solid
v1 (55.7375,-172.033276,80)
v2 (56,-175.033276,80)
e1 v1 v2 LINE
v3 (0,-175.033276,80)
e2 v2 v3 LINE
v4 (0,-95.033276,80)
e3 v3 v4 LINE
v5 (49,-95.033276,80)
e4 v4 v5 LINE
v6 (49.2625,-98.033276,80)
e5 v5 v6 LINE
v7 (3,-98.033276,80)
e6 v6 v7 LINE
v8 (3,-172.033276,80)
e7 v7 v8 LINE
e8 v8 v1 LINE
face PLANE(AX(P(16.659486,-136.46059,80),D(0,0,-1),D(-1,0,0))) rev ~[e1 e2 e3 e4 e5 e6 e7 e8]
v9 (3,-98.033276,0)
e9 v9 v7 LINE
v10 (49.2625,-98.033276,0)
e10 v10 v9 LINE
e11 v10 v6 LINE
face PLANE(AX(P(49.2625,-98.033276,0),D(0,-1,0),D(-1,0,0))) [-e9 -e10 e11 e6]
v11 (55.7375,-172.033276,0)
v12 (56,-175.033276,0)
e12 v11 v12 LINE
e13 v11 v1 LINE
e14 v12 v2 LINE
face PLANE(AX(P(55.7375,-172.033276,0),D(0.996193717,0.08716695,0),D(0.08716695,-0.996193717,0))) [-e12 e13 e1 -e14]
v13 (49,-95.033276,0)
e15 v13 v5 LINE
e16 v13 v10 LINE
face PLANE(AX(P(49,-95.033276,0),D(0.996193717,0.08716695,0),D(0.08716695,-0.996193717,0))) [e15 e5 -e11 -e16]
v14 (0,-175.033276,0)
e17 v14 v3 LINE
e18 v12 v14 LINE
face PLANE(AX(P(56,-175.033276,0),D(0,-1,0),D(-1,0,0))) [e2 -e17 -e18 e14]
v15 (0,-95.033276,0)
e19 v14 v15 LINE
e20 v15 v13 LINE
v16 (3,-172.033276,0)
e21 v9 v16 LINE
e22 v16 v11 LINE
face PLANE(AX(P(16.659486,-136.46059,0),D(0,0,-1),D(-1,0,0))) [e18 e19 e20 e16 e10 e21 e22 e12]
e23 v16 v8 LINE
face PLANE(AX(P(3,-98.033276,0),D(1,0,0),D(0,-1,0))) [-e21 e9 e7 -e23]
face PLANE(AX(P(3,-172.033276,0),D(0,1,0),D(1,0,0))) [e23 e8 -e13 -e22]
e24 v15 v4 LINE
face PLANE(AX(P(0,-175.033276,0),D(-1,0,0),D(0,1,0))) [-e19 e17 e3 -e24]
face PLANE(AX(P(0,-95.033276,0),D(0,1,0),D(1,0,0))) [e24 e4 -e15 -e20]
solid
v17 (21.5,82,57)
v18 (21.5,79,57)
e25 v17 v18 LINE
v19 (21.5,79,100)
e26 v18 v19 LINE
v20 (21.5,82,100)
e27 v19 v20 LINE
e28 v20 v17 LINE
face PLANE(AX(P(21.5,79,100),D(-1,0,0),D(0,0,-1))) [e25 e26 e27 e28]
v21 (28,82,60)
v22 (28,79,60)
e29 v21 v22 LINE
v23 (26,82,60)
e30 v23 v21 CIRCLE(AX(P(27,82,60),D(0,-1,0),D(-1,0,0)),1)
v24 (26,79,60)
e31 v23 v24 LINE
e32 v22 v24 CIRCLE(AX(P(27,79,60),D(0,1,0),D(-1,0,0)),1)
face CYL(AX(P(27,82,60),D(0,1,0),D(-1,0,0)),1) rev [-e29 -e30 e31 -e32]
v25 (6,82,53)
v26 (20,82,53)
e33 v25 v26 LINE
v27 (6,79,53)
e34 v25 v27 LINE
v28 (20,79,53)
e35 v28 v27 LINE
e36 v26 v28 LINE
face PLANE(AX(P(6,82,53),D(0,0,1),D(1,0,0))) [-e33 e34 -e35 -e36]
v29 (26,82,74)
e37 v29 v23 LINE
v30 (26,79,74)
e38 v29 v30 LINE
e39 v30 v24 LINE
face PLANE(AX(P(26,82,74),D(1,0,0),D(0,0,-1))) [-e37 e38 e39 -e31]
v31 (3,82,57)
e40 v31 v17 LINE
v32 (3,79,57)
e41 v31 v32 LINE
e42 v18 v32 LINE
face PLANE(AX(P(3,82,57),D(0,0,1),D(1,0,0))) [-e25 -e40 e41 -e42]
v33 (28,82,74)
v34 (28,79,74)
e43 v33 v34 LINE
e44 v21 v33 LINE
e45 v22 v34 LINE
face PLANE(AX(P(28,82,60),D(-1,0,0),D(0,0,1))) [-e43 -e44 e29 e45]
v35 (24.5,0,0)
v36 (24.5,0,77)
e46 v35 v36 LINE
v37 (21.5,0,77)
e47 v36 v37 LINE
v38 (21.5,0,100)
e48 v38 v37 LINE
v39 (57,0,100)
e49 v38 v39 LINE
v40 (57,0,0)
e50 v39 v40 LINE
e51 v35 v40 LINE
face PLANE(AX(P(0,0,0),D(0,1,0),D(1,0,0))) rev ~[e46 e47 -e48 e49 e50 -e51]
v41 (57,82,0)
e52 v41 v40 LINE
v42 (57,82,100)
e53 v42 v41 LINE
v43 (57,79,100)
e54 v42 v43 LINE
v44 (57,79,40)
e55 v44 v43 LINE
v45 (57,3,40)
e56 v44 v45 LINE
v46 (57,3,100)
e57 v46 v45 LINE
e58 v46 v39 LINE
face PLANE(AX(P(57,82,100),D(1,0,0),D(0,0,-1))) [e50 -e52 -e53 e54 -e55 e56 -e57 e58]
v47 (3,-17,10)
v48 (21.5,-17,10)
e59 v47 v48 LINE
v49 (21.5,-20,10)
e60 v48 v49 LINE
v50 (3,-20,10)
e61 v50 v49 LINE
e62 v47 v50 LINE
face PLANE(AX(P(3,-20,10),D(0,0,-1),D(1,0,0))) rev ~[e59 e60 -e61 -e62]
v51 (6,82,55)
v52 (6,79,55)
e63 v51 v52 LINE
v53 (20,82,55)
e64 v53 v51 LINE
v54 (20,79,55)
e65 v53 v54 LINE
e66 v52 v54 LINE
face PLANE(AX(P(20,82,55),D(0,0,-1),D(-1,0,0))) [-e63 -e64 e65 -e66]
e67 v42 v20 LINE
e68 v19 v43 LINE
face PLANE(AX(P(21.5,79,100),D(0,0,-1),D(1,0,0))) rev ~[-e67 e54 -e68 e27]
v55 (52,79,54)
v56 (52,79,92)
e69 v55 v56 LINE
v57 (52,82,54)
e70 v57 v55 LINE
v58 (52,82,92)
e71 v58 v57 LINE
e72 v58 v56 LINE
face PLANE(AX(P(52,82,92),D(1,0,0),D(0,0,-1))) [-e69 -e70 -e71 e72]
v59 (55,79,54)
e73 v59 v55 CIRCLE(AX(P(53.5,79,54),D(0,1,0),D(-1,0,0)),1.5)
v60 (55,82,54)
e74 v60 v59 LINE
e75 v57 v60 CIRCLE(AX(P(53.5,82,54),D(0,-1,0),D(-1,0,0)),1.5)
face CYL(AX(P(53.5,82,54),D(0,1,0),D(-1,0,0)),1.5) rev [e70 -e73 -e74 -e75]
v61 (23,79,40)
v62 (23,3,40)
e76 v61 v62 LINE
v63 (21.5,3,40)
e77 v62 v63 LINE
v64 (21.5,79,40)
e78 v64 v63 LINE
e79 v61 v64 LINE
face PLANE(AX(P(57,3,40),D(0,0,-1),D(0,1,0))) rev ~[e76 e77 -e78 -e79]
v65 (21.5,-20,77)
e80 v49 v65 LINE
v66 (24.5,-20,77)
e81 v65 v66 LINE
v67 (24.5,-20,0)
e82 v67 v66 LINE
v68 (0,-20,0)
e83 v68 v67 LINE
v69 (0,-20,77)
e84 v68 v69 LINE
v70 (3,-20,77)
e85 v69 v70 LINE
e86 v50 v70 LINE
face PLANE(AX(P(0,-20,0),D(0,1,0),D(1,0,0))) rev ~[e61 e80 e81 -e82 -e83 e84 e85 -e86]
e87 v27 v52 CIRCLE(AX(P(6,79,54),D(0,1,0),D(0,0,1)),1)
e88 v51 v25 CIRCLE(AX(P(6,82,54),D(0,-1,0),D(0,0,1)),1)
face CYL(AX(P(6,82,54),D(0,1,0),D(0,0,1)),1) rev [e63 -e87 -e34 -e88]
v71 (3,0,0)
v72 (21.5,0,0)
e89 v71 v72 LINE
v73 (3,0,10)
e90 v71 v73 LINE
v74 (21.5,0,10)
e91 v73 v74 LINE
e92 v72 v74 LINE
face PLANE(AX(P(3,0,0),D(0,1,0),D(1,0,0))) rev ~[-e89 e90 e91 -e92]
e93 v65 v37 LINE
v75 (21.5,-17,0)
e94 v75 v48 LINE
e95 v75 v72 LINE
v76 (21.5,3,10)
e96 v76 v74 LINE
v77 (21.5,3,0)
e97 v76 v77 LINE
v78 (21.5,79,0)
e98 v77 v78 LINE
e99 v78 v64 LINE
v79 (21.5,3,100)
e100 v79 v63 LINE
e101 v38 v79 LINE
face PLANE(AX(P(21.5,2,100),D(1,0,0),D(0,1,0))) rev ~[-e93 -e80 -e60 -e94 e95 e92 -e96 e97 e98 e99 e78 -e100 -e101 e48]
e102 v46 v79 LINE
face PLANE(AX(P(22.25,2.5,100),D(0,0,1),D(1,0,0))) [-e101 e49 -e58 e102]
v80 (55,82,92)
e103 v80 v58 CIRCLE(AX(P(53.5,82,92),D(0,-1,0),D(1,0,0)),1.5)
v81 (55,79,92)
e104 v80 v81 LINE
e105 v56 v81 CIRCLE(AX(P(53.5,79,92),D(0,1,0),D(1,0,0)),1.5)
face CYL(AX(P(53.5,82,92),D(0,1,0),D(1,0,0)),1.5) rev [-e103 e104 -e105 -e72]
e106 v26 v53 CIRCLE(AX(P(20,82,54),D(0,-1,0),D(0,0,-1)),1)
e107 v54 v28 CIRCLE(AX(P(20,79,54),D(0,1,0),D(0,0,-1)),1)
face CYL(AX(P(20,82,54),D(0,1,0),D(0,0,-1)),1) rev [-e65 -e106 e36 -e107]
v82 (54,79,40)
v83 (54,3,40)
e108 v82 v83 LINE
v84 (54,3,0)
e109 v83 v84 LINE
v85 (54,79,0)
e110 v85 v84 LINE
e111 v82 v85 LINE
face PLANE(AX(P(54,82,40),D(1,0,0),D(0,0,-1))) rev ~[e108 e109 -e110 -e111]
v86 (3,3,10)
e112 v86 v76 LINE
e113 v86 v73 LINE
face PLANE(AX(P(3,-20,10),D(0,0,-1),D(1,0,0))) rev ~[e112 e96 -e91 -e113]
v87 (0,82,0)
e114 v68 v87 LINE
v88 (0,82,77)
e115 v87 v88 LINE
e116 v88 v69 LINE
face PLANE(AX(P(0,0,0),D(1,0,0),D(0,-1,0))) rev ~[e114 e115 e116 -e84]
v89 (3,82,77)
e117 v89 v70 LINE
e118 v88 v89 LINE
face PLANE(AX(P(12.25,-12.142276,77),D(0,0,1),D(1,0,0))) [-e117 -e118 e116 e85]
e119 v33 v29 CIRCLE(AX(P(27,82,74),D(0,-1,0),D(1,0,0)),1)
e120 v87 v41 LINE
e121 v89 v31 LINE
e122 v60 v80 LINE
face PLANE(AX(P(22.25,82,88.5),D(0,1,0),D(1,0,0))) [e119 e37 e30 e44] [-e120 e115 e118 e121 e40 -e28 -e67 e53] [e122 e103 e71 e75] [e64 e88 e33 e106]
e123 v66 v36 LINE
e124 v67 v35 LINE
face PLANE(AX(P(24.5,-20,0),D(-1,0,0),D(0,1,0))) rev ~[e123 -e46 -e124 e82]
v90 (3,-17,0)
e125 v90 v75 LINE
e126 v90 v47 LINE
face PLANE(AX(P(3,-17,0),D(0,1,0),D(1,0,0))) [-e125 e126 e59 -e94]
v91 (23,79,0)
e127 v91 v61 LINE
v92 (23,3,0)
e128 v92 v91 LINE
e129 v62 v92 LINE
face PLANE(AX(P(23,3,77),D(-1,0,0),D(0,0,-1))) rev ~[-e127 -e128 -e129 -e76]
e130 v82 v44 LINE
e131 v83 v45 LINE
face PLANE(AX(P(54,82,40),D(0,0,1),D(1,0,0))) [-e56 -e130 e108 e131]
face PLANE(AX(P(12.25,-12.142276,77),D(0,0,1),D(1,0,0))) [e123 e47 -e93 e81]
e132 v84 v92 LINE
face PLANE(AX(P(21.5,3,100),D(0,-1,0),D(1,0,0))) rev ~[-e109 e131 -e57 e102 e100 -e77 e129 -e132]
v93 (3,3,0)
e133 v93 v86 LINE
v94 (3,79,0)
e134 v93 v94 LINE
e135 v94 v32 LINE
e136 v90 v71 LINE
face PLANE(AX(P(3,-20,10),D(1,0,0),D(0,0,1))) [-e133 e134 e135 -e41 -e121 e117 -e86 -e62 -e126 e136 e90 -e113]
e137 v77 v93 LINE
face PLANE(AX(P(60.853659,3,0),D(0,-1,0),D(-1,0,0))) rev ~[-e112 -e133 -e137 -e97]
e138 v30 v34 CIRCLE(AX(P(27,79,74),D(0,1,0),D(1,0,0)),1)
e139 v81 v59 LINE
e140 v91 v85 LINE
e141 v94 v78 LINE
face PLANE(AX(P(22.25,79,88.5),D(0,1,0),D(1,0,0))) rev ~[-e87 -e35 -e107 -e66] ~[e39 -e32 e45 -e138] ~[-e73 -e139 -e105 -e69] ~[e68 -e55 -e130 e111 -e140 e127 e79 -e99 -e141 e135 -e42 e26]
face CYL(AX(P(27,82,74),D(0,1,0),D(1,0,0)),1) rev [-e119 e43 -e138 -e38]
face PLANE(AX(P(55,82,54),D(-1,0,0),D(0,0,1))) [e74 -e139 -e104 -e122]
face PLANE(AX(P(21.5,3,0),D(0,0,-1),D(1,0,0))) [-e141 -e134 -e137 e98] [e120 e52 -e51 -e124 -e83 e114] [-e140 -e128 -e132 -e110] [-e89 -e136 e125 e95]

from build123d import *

# Parameters (mm, degrees)
EXTRUDE_1_DEPTH      = 100
EXTRUDE_2_DEPTH      = 80
SKETCH_4_W           = 23
SKETCH_4_H           = 23
CUT_EXTRUDE_5_DEPTH  = 80
EXTRUDE_4_DEPTH      = 77
SKETCH_7_W           = 18.5
SKETCH_7_H           = 98.970851358
CUT_EXTRUDE_8_DEPTH  = 50
SKETCH_5_W           = 4
SKETCH_5_H           = 100
CUT_EXTRUDE_9_DEPTH  = 105
SKETCH_8_W           = 20
SKETCH_8_H           = 20
CUT_EXTRUDE_11_DEPTH = 14
SKETCH_12_W          = 3
SKETCH_12_H          = 40
EXTRUDE_8_DEPTH      = 79
SKETCH_14_W          = 1.5
SKETCH_14_H          = 77
EXTRUDE_11_DEPTH     = 79
SKETCH_15_W          = 37
SKETCH_15_H          = 76
CUT_EXTRUDE_12_DEPTH = 46
SKETCH_16_W          = 21.5
SKETCH_16_H          = 23
CUT_EXTRUDE_13_DEPTH = 10
SKETCH_1_7_W         = 24.5
SKETCH_1_7_H         = 20
EXTRUDE_12_DEPTH     = 77
SKETCH_7_3_W         = 18.5
SKETCH_7_3_H         = 98.970851358
CUT_EXTRUDE_14_DEPTH = 20
SKETCH_1_8_W         = 18.5
SKETCH_1_8_H         = 17
CUT_EXTRUDE_15_DEPTH = 17
EXTRUDE_START        = -3
SKETCH_19_W          = 1.5
SKETCH_19_H          = 23
EXTRUDE_13_DEPTH     = 3
SKETCH_20_W          = 1.5
SKETCH_20_H          = 1
EXTRUDE_14_DEPTH     = 100


with BuildPart() as part:
    # 스케치1 → 보스-돌출1 (new body)
    with BuildSketch(Plane.XY):
        Polygon((0, 0), (61, 0), (60.853658537, 3), (3, 3), (3, 79), (57.146341463, 79), (57, 82), (0, 82), align=None)
    extrude(amount=EXTRUDE_1_DEPTH)

    # 스케치4 → 컷-돌출5 (cut)
    with BuildSketch(Plane(origin=(0, 82, 0), x_dir=(1, 0, 0), z_dir=(0, 1, 0))):
        with Locations((11.5, -88.5)):
            Rectangle(SKETCH_4_W, SKETCH_4_H)
    extrude(amount=-CUT_EXTRUDE_5_DEPTH, mode=Mode.SUBTRACT)

    # 스케치1<5> → 보스-돌출4 (add)
    with BuildSketch(Plane.XY):
        Polygon((3, 0), (0, 0), (0, -20), (24.5, -20), (24.5, 0), (21.5, 0), (21.5, -17), (3, -17), align=None)
    extrude(amount=EXTRUDE_4_DEPTH)

    # 스케치7 → 컷-돌출8 (cut)
    with BuildSketch(Plane.XZ.offset(20)):
        with Locations((12.25, 59.485425679)):
            Rectangle(SKETCH_7_W, SKETCH_7_H)
    extrude(amount=-CUT_EXTRUDE_8_DEPTH, mode=Mode.SUBTRACT)

    # 스케치5 → 컷-돌출9 (cut)
    with BuildSketch(Plane(origin=(0, 82, 0), x_dir=(1, 0, 0), z_dir=(0, 1, 0))):
        with Locations((59, -50)):
            Rectangle(SKETCH_5_W, SKETCH_5_H)
    extrude(amount=-CUT_EXTRUDE_9_DEPTH, mode=Mode.SUBTRACT)

    # 스케치8 → 컷-돌출11 (cut)
    with BuildSketch(Plane(origin=(0, 82, 0), x_dir=(1, 0, 0), z_dir=(0, 1, 0))):
        with BuildLine():
            Line((6, -53), (20, -53))
            ThreePointArc((20, -53), (21, -54), (20, -55))
            Line((20, -55), (6, -55))
            ThreePointArc((6, -55), (5, -54), (6, -53))
        make_face()
        with BuildLine():
            Line((26, -74), (26, -60))
            ThreePointArc((26, -60), (27, -59), (28, -60))
            Line((28, -60), (28, -74))
            ThreePointArc((28, -74), (27, -75), (26, -74))
        make_face()
        with Locations((13, -67)):
            Rectangle(SKETCH_8_W, SKETCH_8_H)
        with BuildLine():
            Line((52, -92), (52, -54))
            ThreePointArc((52, -54), (53.5, -52.5), (55, -54))
            Line((55, -54), (55, -92))
            ThreePointArc((55, -92), (53.5, -93.5), (52, -92))
        make_face()
    extrude(amount=-CUT_EXTRUDE_11_DEPTH, mode=Mode.SUBTRACT)

    # 스케치12 → 보스-돌출8 (add)
    with BuildSketch(Plane(origin=(0, 82, 0), x_dir=(1, 0, 0), z_dir=(0, 1, 0))):
        with Locations((55.5, -20)):
            Rectangle(SKETCH_12_W, SKETCH_12_H)
    extrude(amount=-EXTRUDE_8_DEPTH)

    # 스케치14 → 보스-돌출11 (add)
    with BuildSketch(Plane(origin=(0, 3, 0), x_dir=(1, 0, 0), z_dir=(0, 1, 0))):
        with Locations((22.25, -38.5)):
            Rectangle(SKETCH_14_W, SKETCH_14_H)
    extrude(amount=EXTRUDE_11_DEPTH)

    # 스케치15 → 컷-돌출12 (cut)
    with BuildSketch(Plane(origin=(57, 0, 0), x_dir=(0, 0, -1), z_dir=(1, 0, 0))):
        with Locations((-58.5, 41)):
            Rectangle(SKETCH_15_W, SKETCH_15_H)
    extrude(amount=-CUT_EXTRUDE_12_DEPTH, mode=Mode.SUBTRACT)

    # 스케치16 → 컷-돌출13 (cut)
    with BuildSketch(Plane(origin=(0, 3, 0), x_dir=(1, 0, 0), z_dir=(0, 1, 0))):
        with Locations((10.75, -88.5)):
            Rectangle(SKETCH_16_W, SKETCH_16_H)
    extrude(amount=-CUT_EXTRUDE_13_DEPTH, mode=Mode.SUBTRACT)

    # 스케치1<7> → 보스-돌출12 (add)
    with BuildSketch(Plane.XY):
        with Locations((12.25, -10)):
            Rectangle(SKETCH_1_7_W, SKETCH_1_7_H)
    extrude(amount=EXTRUDE_12_DEPTH)

    # 스케치7<3> → 컷-돌출14 (cut)
    with BuildSketch(Plane.XZ.offset(20)):
        with Locations((12.25, 59.485425679)):
            Rectangle(SKETCH_7_3_W, SKETCH_7_3_H)
    extrude(amount=-CUT_EXTRUDE_14_DEPTH, mode=Mode.SUBTRACT)

    # 스케치1<8> → 컷-돌출15 (cut)
    with BuildSketch(Plane.XY):
        with Locations((12.25, -8.5)):
            Rectangle(SKETCH_1_8_W, SKETCH_1_8_H)
    extrude(amount=CUT_EXTRUDE_15_DEPTH, mode=Mode.SUBTRACT)

    # 스케치19 → 보스-돌출13 (add)
    with BuildSketch(Plane(origin=(0, 82, 0), x_dir=(1, 0, 0), z_dir=(0, 1, 0)).offset(EXTRUDE_START)):
        with Locations((22.25, -88.5)):
            Rectangle(SKETCH_19_W, SKETCH_19_H)
    extrude(amount=EXTRUDE_13_DEPTH)

    # 스케치20 → 보스-돌출14 (add)
    with BuildSketch(Plane.XY.offset(100)):
        with Locations((22.25, 2.5)):
            Rectangle(SKETCH_20_W, SKETCH_20_H)
    extrude(amount=-EXTRUDE_14_DEPTH)


with BuildPart() as body_2:
    # 스케치1<3> → 보스-돌출2 (new body)
    with BuildSketch(Plane.XY):
        Polygon((0, -95.03327627), (49, -95.03327627), (49.2625, -98.03327627), (3, -98.03327627), (3, -172.03327627), (55.7375, -172.03327627), (56, -175.03327627), (0, -175.03327627), align=None)
    extrude(amount=EXTRUDE_2_DEPTH)


solid = Compound([part.part, body_2.part])
